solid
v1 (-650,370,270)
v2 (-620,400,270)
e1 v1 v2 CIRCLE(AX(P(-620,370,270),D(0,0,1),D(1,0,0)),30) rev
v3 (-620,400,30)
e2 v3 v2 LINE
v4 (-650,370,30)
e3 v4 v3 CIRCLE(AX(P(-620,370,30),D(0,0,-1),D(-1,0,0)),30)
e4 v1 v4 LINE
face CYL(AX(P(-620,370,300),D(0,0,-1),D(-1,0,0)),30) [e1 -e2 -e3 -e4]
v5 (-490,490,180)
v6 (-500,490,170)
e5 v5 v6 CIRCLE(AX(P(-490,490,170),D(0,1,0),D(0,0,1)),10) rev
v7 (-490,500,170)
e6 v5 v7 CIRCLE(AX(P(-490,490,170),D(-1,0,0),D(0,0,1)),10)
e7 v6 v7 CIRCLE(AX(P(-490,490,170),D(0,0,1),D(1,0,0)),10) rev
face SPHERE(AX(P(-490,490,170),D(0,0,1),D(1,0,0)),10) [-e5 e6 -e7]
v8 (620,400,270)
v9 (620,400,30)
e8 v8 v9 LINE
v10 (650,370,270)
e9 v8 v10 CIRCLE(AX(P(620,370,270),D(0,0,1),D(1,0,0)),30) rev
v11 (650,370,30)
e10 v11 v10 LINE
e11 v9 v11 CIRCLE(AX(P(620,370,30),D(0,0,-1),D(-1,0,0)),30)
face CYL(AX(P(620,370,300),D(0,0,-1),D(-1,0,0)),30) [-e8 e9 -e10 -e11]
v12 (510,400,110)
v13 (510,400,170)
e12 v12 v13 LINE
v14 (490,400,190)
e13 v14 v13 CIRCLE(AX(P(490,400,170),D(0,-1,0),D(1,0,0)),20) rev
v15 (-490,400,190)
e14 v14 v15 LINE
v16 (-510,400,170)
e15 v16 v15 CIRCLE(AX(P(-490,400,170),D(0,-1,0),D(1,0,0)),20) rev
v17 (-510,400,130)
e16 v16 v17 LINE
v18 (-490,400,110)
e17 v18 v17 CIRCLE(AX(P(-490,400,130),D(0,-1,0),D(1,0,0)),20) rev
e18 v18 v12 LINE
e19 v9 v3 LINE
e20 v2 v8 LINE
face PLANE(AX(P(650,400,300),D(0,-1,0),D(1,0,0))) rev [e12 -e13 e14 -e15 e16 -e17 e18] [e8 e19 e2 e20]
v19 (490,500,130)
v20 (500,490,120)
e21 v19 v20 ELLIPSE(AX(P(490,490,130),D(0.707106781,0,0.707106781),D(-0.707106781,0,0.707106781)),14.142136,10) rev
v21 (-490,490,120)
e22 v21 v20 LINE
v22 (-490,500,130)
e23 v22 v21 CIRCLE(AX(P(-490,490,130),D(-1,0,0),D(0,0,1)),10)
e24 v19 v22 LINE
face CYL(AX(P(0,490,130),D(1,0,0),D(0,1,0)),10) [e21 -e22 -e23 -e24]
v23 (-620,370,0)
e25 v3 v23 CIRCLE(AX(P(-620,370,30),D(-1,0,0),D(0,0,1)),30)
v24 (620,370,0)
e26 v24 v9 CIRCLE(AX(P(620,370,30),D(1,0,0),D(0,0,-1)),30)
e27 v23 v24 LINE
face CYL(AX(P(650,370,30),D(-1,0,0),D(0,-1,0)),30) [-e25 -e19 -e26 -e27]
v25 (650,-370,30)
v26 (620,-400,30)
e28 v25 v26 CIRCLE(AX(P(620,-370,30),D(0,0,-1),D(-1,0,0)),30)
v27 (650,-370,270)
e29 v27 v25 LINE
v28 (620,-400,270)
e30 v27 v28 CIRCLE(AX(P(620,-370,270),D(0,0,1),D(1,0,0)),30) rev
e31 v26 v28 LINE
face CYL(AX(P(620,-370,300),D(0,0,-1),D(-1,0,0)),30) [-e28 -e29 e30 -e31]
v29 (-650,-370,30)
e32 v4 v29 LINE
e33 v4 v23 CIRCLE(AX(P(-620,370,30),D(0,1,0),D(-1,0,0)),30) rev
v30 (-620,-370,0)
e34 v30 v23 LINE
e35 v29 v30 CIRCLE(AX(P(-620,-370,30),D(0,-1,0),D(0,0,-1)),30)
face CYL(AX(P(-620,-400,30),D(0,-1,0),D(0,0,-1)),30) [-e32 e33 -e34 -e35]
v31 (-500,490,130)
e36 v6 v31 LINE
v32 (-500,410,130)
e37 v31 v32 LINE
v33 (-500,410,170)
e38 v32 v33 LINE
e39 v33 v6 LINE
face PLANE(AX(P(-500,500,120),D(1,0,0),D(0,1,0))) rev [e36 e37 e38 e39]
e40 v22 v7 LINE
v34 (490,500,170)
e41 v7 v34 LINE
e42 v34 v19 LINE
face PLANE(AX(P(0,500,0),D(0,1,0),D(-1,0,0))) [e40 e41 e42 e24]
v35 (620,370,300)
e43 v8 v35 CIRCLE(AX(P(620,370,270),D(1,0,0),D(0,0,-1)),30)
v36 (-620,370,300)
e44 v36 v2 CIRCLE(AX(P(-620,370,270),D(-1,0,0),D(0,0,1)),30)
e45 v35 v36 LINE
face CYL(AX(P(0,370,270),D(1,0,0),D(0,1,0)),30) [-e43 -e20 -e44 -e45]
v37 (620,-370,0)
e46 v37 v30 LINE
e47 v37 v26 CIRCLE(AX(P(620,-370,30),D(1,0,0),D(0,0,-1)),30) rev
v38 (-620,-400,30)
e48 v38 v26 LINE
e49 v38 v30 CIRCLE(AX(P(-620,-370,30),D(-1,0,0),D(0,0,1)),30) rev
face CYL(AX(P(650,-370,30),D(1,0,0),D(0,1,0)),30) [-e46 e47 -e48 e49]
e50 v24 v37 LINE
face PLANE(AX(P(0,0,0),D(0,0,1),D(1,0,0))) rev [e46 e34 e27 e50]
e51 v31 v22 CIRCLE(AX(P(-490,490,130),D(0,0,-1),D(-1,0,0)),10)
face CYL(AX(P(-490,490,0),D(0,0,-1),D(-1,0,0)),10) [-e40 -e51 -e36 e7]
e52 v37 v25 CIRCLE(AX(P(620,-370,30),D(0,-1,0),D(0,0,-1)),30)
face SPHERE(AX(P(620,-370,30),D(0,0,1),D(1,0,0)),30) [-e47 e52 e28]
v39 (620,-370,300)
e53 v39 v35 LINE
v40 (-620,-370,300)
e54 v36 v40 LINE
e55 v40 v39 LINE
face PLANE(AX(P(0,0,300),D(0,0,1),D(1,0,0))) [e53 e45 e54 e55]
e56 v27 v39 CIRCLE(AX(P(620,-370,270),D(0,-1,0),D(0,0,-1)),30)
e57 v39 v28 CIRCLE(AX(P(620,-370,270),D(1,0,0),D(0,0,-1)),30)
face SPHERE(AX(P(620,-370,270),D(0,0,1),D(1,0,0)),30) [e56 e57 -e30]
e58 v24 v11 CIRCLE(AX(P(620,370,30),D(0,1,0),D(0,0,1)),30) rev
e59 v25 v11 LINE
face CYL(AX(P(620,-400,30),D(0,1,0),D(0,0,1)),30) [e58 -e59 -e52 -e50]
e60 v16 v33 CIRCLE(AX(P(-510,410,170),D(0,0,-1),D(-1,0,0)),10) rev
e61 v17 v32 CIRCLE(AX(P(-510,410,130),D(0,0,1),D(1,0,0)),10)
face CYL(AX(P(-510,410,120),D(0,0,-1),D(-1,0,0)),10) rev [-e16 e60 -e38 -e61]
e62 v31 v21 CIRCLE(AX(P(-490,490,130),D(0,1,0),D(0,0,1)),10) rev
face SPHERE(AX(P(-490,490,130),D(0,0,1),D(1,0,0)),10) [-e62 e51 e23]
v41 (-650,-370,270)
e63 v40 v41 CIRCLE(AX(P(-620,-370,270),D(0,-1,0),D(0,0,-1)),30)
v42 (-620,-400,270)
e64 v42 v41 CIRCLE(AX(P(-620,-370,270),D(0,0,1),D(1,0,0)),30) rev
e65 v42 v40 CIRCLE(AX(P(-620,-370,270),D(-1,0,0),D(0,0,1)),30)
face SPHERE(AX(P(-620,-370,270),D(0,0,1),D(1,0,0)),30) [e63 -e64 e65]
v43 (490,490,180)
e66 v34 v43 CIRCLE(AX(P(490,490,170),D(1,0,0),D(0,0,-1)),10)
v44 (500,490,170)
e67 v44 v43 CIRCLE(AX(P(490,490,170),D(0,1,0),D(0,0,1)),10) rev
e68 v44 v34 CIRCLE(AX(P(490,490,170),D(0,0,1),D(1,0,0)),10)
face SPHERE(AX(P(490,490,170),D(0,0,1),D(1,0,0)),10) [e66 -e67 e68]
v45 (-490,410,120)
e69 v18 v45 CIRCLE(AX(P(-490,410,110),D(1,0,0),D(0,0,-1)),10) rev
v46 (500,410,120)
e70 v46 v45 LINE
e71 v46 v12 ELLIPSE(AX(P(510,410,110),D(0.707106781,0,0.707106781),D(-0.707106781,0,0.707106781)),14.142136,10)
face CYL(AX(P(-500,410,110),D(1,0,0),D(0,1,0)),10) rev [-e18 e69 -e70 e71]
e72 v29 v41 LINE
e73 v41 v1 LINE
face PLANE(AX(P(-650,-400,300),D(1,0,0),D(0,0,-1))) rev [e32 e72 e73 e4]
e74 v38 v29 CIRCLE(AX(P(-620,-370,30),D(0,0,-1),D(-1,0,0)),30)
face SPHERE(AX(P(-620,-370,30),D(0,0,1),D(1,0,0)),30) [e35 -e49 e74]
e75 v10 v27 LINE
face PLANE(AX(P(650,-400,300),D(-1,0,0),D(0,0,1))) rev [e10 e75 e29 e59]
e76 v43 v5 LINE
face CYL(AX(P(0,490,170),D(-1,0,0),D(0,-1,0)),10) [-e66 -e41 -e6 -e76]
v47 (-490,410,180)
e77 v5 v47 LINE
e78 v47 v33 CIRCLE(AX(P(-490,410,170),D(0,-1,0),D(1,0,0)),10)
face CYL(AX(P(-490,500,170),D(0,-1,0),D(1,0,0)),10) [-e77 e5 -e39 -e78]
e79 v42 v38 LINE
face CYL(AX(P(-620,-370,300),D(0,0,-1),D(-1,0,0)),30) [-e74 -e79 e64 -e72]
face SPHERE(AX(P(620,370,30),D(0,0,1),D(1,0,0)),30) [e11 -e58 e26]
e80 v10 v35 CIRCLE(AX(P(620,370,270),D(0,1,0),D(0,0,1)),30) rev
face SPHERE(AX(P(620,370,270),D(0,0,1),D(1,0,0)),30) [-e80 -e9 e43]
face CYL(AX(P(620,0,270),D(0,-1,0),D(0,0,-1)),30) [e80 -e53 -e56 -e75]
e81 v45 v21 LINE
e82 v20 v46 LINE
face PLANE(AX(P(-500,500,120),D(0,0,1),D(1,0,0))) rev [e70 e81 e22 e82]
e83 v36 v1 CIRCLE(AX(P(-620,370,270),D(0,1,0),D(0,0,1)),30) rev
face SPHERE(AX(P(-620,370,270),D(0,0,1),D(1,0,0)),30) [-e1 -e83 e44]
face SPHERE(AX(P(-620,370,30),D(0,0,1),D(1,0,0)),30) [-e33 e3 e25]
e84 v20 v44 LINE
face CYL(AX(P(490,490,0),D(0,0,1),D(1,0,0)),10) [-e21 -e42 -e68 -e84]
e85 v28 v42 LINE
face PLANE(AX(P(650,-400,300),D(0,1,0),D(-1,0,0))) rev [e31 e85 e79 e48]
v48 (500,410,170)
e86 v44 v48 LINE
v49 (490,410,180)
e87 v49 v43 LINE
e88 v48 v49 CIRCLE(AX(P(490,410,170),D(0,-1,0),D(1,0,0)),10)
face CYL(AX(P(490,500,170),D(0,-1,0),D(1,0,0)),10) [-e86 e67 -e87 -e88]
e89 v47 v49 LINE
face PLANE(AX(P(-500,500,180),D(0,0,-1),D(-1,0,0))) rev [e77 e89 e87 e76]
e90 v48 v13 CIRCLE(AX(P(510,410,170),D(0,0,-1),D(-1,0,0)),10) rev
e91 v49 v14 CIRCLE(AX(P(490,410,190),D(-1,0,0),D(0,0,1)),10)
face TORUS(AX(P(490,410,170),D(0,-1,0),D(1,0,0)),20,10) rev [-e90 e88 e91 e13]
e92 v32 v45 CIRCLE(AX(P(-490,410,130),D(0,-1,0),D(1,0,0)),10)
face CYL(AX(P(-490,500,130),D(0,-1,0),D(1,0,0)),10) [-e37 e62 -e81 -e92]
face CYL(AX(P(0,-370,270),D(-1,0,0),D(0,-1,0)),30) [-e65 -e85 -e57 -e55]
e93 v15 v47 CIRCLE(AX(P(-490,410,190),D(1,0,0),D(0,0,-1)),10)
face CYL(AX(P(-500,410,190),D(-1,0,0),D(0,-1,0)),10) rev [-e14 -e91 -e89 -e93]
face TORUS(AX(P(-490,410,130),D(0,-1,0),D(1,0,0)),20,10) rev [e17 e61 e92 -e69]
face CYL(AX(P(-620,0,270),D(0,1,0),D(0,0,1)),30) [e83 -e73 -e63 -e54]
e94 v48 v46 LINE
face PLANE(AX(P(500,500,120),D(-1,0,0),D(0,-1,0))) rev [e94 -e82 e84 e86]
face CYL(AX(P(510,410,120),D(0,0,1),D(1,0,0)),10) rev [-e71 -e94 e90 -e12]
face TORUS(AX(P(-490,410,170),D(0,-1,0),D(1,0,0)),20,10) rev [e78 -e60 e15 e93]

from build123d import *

# Parameters (mm, degrees)
SKETCH_1_W      = 1300
SKETCH_1_H      = 800
EXTRUDE_1_DEPTH = 300
FILLET_1_R      = 30
SKETCH_2_W      = 1000
SKETCH_2_H      = 60
EXTRUDE_2_DEPTH = 100
FILLET_2_R      = 10


with BuildPart() as part:
    # 草图1 → 凸台-拉伸1 (new body)
    with BuildSketch(Plane.XY):
        Rectangle(SKETCH_1_W, SKETCH_1_H)
    extrude(amount=EXTRUDE_1_DEPTH)

    # 圆角1
    fillet_1_edges = [part.edges().sort_by_distance(p)[0] for p in [
        (650, 0, 300),
        (0, 400, 300),
        (-650, 0, 300),
        (0, 400, 0),
        (650, 0, 0),
        (0, -400, 0),
        (-650, 0, 0),
        (0, -400, 300),
        (-650, 400, 150),
        (650, 400, 150),
        (650, -400, 150),
        (-650, -400, 150),
    ]]
    fillet(fillet_1_edges, radius=FILLET_1_R)

    # 草图2 → 凸台-拉伸2 (add)
    with BuildSketch(Plane(origin=(0, 400, 0), x_dir=(1, 0, 0), z_dir=(0, 1, 0))):
        with Locations((0, -150)):
            Rectangle(SKETCH_2_W, SKETCH_2_H)
    extrude(amount=EXTRUDE_2_DEPTH)

    # 圆角2
    fillet_2_edges = [part.edges().sort_by_distance(p)[0] for p in [
        (-500, 400, 150),
        (-500, 450, 120),
        (0, 400, 180),
        (-500, 450, 180),
        (500, 400, 150),
        (500, 450, 180),
        (0, 400, 120),
        (-500, 500, 150),
        (0, 500, 180),
        (500, 500, 150),
        (0, 500, 120),
    ]]
    fillet(fillet_2_edges, radius=FILLET_2_R)


solid = part.part
